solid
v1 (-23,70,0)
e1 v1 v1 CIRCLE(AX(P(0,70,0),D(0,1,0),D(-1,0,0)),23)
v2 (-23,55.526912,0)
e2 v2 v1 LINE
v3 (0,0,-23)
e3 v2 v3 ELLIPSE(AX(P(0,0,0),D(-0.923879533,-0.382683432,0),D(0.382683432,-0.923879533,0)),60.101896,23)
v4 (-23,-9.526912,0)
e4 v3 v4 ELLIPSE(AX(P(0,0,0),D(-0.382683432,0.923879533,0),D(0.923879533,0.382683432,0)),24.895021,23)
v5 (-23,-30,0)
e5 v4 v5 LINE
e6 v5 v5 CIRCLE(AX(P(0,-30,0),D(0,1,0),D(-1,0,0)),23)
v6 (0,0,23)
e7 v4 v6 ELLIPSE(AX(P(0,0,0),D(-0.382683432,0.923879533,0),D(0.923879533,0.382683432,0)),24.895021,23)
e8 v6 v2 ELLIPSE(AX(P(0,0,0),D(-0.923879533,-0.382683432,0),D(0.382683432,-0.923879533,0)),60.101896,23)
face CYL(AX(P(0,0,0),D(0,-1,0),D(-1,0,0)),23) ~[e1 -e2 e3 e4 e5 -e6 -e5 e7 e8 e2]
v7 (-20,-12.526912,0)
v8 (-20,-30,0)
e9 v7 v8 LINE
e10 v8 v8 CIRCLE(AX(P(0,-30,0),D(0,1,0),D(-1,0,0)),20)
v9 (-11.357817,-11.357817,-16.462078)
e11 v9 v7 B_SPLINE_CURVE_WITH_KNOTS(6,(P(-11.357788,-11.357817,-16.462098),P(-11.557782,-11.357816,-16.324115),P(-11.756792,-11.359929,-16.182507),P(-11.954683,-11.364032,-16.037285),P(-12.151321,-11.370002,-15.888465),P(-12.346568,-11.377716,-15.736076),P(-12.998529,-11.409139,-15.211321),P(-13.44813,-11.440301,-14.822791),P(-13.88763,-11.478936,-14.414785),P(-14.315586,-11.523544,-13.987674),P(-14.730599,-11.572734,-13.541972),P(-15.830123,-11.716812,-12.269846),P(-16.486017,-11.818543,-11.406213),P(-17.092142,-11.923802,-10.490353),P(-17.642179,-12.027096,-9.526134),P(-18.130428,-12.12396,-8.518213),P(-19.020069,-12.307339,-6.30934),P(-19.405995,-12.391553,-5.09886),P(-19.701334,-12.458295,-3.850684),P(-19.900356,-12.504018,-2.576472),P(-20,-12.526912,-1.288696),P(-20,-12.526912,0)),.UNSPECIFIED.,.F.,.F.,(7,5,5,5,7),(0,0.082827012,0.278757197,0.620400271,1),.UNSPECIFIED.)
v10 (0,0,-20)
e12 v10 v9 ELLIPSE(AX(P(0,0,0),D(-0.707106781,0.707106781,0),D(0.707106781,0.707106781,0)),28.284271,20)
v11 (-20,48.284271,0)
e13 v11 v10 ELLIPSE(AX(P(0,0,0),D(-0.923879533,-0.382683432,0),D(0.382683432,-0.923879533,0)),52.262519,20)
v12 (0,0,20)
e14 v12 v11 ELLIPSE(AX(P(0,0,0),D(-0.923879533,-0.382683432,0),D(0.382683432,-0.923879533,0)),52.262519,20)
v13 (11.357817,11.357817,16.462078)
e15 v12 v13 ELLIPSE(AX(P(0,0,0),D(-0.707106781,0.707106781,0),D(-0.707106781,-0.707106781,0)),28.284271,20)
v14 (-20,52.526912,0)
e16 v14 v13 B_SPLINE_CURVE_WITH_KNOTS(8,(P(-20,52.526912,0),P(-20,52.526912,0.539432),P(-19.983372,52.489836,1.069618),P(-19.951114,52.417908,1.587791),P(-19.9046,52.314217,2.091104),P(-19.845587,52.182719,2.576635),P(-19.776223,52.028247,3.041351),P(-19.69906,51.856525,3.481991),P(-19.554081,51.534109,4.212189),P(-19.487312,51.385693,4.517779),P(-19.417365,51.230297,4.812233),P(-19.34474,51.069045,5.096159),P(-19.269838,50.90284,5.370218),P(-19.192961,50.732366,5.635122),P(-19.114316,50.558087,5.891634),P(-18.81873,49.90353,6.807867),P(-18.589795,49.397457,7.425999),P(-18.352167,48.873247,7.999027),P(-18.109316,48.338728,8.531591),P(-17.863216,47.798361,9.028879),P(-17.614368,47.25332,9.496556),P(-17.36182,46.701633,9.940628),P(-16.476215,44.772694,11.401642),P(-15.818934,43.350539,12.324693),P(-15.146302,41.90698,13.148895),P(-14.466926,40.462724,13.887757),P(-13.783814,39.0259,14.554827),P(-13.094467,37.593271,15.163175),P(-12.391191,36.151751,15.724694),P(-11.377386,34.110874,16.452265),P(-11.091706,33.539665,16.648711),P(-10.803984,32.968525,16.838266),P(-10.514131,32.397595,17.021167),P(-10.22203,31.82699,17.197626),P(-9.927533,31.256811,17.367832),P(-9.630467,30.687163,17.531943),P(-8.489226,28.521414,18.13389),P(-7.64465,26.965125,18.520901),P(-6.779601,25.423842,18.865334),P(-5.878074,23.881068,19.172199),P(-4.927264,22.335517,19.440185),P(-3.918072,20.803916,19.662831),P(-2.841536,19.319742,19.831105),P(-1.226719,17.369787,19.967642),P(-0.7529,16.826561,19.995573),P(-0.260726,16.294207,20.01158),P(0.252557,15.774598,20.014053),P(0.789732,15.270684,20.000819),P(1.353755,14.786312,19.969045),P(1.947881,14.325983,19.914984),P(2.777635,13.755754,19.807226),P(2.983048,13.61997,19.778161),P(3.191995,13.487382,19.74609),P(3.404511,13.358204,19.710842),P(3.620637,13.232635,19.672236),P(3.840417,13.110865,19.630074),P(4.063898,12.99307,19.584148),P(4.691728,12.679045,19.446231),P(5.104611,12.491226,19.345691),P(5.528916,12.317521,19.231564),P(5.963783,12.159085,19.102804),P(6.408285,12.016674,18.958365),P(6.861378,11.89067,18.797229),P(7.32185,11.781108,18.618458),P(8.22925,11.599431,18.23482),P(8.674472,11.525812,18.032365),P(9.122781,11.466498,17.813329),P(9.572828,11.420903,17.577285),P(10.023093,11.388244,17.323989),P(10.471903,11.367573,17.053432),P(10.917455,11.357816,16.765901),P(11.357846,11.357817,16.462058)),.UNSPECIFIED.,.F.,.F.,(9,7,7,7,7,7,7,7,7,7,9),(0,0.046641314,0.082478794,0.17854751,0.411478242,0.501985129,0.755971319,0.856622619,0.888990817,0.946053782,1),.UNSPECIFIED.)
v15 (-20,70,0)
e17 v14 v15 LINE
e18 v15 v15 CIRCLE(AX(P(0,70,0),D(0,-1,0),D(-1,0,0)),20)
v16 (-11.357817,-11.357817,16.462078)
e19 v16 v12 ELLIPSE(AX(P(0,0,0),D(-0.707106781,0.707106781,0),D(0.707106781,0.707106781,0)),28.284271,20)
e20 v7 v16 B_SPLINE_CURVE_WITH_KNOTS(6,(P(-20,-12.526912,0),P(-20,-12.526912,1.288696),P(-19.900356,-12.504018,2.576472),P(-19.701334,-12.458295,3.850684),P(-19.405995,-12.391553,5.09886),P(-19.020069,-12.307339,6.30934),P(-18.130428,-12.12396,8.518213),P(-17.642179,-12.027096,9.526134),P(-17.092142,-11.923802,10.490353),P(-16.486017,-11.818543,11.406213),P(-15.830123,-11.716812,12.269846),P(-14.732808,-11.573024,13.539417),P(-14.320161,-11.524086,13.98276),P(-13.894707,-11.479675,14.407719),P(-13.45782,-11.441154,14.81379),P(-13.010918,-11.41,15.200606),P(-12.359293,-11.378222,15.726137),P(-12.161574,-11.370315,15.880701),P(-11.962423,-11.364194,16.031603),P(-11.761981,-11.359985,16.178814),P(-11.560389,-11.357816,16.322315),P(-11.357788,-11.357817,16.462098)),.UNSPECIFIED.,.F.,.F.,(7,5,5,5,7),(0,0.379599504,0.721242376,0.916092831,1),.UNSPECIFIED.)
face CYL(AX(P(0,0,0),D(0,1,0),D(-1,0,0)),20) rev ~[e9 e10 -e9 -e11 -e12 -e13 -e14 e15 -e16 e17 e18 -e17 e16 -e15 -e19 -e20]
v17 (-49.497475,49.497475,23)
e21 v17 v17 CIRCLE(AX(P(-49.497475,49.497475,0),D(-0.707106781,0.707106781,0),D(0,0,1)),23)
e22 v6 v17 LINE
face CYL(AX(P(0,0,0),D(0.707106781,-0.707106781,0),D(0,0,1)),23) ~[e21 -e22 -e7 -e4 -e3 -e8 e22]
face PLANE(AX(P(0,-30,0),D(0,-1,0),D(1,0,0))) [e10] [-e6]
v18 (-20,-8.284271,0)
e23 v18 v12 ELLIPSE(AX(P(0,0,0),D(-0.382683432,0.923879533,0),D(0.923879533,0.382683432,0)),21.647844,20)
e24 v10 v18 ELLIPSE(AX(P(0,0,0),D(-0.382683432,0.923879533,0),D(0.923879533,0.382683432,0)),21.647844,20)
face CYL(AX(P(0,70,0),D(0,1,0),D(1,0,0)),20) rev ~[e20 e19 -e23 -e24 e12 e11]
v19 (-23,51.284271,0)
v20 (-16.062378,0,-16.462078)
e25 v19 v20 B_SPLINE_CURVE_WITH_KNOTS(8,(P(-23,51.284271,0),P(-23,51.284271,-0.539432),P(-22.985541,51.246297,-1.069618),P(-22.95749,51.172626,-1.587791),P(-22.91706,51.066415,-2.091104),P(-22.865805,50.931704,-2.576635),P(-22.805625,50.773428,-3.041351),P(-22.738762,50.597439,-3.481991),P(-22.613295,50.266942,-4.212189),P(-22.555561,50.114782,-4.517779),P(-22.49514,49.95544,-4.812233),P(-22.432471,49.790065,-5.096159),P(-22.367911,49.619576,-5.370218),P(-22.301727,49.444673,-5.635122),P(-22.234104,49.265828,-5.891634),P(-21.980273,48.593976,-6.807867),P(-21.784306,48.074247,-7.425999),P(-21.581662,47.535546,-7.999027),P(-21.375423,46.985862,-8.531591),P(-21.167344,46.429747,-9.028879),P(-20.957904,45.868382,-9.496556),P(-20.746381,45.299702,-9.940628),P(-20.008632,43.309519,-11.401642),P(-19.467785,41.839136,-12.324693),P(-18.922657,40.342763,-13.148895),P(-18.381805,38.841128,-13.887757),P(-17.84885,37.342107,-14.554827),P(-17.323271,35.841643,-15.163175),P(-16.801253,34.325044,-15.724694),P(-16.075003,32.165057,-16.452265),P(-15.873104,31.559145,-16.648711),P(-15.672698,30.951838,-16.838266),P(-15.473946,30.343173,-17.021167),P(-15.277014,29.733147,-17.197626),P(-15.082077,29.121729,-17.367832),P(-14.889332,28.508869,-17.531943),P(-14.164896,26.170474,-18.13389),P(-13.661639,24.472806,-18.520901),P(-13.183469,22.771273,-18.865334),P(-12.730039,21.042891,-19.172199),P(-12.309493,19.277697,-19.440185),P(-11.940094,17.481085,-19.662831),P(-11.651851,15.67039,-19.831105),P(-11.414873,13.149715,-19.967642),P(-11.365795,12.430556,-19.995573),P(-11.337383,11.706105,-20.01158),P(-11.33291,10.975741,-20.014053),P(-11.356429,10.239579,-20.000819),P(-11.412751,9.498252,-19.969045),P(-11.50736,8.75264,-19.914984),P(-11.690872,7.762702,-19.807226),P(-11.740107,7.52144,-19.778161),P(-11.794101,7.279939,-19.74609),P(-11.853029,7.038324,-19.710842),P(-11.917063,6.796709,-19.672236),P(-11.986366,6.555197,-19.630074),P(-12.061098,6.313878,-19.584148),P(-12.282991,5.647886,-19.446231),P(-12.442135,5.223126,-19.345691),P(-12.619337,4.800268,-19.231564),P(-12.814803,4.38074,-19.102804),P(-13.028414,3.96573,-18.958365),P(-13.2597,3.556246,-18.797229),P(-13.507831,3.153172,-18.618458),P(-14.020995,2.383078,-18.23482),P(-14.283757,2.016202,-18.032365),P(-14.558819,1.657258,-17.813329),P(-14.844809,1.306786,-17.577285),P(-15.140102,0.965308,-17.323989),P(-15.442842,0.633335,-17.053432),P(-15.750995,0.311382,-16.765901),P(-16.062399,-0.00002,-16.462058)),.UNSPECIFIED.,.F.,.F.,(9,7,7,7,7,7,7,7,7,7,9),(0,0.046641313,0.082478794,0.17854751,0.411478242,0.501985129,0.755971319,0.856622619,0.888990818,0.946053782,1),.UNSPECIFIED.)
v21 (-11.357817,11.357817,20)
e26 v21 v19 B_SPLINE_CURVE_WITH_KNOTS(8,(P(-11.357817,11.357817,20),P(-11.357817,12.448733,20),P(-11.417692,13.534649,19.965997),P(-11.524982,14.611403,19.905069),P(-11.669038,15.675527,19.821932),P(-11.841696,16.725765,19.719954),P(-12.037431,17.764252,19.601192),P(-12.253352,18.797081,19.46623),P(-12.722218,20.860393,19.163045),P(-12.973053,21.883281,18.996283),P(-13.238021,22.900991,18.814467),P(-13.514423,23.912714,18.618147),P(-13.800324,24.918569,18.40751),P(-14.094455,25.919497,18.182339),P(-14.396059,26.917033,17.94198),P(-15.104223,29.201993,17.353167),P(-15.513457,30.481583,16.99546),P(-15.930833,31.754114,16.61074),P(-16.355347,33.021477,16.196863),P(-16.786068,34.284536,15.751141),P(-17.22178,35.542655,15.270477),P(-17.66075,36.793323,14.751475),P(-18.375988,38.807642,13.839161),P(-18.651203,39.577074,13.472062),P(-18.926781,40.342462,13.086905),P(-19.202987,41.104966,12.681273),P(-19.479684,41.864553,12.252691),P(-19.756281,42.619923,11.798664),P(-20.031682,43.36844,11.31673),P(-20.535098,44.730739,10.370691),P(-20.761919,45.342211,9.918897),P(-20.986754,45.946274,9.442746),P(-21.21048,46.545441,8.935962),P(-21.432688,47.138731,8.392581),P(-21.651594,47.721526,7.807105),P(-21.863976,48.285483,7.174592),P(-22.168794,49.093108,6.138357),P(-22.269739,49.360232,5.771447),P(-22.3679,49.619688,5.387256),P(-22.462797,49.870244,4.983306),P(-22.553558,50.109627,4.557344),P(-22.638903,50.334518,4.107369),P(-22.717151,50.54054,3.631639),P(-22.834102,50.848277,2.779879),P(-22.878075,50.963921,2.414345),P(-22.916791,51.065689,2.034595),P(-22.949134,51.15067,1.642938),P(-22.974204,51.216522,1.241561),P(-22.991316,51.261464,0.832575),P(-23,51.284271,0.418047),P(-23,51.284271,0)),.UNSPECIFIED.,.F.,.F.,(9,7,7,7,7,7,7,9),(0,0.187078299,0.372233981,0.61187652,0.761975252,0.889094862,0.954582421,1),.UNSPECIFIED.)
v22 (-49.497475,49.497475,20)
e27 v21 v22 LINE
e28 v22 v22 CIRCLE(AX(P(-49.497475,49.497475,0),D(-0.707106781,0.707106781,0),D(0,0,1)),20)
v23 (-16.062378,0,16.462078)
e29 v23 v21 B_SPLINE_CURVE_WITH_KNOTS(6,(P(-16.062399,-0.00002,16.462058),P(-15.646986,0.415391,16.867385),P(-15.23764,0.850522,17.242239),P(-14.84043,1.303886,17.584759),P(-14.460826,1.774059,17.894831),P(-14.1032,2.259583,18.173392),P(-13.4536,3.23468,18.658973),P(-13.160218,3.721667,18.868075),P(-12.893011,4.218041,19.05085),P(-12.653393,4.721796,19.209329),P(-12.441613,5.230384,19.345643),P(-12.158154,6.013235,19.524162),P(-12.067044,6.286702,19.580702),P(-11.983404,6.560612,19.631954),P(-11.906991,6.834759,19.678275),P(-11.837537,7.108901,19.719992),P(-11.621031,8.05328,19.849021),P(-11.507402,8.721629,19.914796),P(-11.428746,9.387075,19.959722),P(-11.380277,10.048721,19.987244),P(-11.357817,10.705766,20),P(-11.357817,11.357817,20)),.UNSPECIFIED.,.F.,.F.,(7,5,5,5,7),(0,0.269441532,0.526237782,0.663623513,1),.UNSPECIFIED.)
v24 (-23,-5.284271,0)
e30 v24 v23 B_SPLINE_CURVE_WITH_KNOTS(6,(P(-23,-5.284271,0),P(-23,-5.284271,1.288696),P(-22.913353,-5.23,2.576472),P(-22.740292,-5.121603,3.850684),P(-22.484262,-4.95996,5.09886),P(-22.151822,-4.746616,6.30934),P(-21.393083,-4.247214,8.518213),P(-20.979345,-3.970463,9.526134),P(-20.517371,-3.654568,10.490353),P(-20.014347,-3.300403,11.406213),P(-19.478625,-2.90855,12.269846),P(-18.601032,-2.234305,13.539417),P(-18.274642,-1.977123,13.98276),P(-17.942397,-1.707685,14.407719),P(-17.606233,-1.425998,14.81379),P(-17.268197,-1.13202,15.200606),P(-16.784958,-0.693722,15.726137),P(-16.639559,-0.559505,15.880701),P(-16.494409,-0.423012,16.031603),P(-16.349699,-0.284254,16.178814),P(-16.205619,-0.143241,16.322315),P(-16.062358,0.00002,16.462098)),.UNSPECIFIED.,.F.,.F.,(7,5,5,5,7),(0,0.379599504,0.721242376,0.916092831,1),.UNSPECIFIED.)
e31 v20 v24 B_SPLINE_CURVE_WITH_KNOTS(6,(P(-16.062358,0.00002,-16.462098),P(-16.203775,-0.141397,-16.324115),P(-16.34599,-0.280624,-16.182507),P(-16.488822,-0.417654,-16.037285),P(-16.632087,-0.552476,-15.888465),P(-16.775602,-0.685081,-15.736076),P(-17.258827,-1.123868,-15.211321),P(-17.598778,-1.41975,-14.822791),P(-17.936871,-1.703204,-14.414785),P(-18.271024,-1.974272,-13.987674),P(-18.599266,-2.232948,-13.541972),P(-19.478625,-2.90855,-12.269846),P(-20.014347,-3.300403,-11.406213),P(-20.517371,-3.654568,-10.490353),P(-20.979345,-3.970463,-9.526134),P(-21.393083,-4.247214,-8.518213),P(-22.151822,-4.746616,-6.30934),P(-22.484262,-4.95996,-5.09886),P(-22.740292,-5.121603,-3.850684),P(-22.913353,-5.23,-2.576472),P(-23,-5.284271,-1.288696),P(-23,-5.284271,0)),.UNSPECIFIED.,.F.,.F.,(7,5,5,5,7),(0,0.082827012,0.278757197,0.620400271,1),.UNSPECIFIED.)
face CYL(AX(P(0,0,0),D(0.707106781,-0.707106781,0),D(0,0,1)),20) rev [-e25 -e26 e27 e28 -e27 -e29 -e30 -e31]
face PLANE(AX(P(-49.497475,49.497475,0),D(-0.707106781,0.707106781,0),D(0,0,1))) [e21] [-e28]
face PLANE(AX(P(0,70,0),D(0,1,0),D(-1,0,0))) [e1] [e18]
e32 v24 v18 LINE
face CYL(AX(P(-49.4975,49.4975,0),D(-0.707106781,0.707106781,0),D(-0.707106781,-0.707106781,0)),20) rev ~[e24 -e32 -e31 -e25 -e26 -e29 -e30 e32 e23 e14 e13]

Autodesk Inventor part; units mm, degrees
ref_plane "YZ Plane" through (0, 0, 0) normal (1, 0, 0) x (0, 1, 0)
ref_plane "XY Plane" through (0, 0, 0) normal (0, 0, 1) x (1, 0, 0)
sketch "Sketch1" plane through (0, 0, 0) normal (0, 1, 0) x (-1, 0, 0)
  circle A0 centre (0, 0) radius 20
  circle A1 centre (0, 0) radius 23
  dimension "d0" = 40
  dimension "d1" = 46
extrude "Extrusion1" add sketch "Sketch1" along normal mid plane 140
ref_plane "Work Plane1" through (0, 0, 0) normal (-0.7071, 0.7071, 0) x (0, 0, 1)
sketch "Sketch2" plane through (0, 0, 0) normal (-0.7071, 0.7071, 0) x (0, 0, 1)
  circle A0 centre (0, 0) radius 20
  circle A1 centre (0, 0) radius 23
  dimension "d5" = 40
  dimension "d6" = 46
extrude "Extrusion2" add sketch "Sketch2" along normal blind 70
sketch "Sketch3" plane through (0, 70, 0) normal (0, 1, 0) x (1, 0, 0)
  circle A0 centre (0, 0) radius 20 projected
extrude "Extrusion3" cut sketch "Sketch3" against normal through all
sketch "Sketch4" plane through (-49.4975, 49.4975, 0) normal (-0.7071, 0.7071, 0) x (-0.7071, -0.7071, 0)
  circle A0 centre (0, 0) radius 20 projected
extrude "Extrusion4" cut sketch "Sketch4" against normal up to next
sketch "Sketch5" plane through (0, -70, 0) normal (0, -1, 0) x (1, 0, 0)
  circle A0 centre (0, 0) radius 20 projected
  circle A1 centre (0, 0) radius 23 projected
extrude "Extrusion5" cut sketch "Sketch5" against normal blind 40
properties part number "16217 - 40mm Plain PVC 45 Degree Tee" material "PVC-Piping"
